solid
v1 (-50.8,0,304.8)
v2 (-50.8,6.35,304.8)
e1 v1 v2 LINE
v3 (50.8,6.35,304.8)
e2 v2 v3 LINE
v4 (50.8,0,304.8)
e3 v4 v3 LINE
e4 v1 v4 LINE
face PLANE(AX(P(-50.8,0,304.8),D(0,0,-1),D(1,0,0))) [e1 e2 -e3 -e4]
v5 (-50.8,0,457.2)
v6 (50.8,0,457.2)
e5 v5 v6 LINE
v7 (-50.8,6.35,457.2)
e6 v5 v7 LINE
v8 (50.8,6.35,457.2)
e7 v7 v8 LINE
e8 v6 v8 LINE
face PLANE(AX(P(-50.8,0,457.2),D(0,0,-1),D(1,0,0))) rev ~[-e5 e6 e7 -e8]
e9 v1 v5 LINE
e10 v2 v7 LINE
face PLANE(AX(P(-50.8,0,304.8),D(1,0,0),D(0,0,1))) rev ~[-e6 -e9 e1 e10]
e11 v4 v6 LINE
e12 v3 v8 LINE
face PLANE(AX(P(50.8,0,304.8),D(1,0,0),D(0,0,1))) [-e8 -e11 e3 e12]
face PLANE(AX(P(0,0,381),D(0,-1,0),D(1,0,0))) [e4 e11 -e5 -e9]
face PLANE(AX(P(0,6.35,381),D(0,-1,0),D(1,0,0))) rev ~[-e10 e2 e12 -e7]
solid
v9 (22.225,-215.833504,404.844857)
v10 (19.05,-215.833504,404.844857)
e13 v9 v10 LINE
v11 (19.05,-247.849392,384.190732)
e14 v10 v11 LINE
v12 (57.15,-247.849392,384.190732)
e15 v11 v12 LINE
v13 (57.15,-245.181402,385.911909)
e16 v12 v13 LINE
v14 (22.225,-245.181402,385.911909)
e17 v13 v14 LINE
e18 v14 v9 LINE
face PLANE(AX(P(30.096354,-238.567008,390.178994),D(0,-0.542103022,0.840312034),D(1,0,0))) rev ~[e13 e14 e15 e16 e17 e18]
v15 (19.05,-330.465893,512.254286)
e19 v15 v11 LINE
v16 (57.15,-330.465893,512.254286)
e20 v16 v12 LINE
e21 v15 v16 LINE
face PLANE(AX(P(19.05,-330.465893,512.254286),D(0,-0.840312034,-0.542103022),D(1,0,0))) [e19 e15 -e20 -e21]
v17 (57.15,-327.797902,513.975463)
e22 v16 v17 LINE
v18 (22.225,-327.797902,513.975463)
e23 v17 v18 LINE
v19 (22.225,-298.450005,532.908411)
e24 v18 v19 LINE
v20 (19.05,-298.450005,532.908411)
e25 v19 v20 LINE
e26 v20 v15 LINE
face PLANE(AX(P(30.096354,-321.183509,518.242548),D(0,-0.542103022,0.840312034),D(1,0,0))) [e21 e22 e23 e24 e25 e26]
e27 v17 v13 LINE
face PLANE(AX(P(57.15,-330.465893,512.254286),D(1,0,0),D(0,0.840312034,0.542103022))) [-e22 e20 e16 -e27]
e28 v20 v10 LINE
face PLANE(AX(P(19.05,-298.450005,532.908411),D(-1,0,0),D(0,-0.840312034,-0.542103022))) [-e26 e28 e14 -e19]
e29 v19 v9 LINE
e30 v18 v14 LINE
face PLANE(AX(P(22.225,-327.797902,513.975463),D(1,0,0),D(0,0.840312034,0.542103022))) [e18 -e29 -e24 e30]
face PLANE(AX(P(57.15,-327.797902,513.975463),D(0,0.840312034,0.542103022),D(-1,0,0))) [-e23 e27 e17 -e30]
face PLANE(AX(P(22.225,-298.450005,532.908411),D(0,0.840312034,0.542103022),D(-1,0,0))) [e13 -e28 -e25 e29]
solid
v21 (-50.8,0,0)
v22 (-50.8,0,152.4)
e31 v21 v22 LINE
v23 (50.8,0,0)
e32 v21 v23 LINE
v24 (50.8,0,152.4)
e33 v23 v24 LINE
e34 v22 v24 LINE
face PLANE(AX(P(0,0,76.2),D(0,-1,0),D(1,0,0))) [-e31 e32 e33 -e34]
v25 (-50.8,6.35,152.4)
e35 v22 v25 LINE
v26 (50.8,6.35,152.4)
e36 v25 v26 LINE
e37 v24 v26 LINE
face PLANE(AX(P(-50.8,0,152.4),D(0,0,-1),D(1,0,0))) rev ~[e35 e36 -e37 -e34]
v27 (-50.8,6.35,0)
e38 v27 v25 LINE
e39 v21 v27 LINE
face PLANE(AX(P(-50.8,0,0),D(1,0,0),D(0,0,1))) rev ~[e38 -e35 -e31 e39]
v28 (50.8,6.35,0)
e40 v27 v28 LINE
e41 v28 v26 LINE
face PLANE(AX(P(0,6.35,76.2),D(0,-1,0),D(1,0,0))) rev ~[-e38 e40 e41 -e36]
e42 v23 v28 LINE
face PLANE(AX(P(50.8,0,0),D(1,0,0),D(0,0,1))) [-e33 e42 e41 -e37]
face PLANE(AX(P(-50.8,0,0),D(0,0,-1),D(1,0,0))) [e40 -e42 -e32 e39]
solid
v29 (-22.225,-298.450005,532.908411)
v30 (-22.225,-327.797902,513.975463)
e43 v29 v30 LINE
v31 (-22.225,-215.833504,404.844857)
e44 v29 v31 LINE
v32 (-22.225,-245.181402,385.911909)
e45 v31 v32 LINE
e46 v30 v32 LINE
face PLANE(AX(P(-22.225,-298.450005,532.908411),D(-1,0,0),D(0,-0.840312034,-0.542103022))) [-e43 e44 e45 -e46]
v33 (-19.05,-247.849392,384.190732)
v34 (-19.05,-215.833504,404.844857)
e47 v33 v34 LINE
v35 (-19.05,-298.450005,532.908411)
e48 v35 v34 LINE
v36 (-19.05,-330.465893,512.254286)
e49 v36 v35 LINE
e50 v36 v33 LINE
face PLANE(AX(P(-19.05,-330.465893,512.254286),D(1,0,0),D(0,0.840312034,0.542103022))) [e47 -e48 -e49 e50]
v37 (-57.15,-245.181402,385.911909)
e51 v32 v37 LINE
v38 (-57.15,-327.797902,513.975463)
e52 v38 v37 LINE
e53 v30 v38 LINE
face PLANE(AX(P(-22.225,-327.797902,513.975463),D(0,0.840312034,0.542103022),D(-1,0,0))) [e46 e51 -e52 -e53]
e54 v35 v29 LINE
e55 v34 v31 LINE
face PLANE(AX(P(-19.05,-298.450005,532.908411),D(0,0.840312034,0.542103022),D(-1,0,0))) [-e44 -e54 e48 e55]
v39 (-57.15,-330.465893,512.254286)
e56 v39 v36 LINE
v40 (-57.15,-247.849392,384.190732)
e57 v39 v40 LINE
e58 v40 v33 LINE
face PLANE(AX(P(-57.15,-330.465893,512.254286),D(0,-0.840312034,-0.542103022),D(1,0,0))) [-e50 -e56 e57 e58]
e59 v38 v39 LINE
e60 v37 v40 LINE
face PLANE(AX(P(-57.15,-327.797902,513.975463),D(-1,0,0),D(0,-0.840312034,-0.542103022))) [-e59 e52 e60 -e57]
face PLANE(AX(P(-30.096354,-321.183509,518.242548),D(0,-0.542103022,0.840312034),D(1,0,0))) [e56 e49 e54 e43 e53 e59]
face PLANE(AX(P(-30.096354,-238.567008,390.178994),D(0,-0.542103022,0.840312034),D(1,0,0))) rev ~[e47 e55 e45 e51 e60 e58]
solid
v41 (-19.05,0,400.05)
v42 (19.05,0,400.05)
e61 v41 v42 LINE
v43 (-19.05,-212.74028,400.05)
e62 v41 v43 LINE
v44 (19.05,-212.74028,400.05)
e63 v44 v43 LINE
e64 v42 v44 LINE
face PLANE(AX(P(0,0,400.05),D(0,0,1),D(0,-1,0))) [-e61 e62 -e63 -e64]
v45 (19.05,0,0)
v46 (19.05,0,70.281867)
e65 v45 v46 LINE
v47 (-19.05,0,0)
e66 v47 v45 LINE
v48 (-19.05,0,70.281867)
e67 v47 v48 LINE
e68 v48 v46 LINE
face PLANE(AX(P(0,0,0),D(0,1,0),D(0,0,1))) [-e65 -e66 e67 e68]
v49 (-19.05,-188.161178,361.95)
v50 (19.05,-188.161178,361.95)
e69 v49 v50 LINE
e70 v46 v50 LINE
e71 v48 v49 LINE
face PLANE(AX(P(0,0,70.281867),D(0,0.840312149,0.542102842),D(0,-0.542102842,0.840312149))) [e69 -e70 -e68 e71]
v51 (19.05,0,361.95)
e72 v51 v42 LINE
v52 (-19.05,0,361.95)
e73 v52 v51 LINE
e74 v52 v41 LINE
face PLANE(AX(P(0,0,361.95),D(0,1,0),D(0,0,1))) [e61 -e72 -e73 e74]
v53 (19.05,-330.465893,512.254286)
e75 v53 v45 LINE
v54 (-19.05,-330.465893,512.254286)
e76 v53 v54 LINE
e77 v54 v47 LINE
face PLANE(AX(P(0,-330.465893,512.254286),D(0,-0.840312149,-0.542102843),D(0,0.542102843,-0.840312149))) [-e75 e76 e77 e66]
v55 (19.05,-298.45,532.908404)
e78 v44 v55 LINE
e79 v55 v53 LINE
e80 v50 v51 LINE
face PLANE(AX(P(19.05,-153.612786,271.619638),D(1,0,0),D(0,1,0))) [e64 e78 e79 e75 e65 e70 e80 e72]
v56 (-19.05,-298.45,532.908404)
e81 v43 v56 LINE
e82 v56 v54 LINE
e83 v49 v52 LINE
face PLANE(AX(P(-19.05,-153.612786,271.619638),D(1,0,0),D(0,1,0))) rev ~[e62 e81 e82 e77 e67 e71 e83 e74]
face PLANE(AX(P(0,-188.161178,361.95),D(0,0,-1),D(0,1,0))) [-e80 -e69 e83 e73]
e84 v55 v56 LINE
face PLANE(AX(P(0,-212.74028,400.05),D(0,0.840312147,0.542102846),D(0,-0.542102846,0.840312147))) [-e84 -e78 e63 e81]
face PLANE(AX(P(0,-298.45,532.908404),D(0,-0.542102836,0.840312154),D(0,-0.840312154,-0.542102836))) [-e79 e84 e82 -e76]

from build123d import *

# Parameters (mm, degrees)
F0_W     = 101.6
F0_H     = 152.4
F1_DEPTH = 6.35
F3_DEPTH = 19.05
F5_DEPTH = 152.4


with BuildPart() as f1:
    # F0 (on Front) → F1 (new body)
    with BuildSketch(Plane.XZ):
        with Locations((0, 381)):
            Rectangle(F0_W, F0_H)
        with Locations((0, 76.2)):
            Rectangle(F0_W, F0_H)
    extrude(amount=-F1_DEPTH)


with BuildPart() as f3:
    # F2 (on Right) → F3 (new body, symmetric)
    with BuildSketch(Plane.YZ):
        Polygon((-330.465893, 512.254286), (0, 0), (0, 70.281867), (-188.161178, 361.95), (-200.450729, 381), (-212.74028, 400.05), (-298.45, 532.908404), align=None)
        Polygon((-212.74028, 400.05), (-200.450729, 381), (0, 381), (0, 400.05), align=None)
        Polygon((-200.450729, 381), (-188.161178, 361.95), (0, 361.95), (0, 381), align=None)
    extrude(amount=F3_DEPTH, both=True)


with BuildPart() as f5:
    # F4 (on face) → F5 (new body)
    with BuildSketch(Plane(origin=(0, -330.465893, 512.254286), x_dir=(1, 0, 0), z_dir=(0, -0.542103, 0.840312))):
        Polygon((-57.15, 0), (-19.05, 0), (-19.05, 38.1), (-22.225, 38.1), (-22.225, 3.175), (-57.15, 3.175), align=None)
        Polygon((19.05, 38.1), (19.05, 0), (57.15, 0), (57.15, 3.175), (22.225, 3.175), (22.225, 38.1), align=None)
    extrude(amount=-F5_DEPTH)


solid = Compound([f1.part, f3.part, f5.part])
